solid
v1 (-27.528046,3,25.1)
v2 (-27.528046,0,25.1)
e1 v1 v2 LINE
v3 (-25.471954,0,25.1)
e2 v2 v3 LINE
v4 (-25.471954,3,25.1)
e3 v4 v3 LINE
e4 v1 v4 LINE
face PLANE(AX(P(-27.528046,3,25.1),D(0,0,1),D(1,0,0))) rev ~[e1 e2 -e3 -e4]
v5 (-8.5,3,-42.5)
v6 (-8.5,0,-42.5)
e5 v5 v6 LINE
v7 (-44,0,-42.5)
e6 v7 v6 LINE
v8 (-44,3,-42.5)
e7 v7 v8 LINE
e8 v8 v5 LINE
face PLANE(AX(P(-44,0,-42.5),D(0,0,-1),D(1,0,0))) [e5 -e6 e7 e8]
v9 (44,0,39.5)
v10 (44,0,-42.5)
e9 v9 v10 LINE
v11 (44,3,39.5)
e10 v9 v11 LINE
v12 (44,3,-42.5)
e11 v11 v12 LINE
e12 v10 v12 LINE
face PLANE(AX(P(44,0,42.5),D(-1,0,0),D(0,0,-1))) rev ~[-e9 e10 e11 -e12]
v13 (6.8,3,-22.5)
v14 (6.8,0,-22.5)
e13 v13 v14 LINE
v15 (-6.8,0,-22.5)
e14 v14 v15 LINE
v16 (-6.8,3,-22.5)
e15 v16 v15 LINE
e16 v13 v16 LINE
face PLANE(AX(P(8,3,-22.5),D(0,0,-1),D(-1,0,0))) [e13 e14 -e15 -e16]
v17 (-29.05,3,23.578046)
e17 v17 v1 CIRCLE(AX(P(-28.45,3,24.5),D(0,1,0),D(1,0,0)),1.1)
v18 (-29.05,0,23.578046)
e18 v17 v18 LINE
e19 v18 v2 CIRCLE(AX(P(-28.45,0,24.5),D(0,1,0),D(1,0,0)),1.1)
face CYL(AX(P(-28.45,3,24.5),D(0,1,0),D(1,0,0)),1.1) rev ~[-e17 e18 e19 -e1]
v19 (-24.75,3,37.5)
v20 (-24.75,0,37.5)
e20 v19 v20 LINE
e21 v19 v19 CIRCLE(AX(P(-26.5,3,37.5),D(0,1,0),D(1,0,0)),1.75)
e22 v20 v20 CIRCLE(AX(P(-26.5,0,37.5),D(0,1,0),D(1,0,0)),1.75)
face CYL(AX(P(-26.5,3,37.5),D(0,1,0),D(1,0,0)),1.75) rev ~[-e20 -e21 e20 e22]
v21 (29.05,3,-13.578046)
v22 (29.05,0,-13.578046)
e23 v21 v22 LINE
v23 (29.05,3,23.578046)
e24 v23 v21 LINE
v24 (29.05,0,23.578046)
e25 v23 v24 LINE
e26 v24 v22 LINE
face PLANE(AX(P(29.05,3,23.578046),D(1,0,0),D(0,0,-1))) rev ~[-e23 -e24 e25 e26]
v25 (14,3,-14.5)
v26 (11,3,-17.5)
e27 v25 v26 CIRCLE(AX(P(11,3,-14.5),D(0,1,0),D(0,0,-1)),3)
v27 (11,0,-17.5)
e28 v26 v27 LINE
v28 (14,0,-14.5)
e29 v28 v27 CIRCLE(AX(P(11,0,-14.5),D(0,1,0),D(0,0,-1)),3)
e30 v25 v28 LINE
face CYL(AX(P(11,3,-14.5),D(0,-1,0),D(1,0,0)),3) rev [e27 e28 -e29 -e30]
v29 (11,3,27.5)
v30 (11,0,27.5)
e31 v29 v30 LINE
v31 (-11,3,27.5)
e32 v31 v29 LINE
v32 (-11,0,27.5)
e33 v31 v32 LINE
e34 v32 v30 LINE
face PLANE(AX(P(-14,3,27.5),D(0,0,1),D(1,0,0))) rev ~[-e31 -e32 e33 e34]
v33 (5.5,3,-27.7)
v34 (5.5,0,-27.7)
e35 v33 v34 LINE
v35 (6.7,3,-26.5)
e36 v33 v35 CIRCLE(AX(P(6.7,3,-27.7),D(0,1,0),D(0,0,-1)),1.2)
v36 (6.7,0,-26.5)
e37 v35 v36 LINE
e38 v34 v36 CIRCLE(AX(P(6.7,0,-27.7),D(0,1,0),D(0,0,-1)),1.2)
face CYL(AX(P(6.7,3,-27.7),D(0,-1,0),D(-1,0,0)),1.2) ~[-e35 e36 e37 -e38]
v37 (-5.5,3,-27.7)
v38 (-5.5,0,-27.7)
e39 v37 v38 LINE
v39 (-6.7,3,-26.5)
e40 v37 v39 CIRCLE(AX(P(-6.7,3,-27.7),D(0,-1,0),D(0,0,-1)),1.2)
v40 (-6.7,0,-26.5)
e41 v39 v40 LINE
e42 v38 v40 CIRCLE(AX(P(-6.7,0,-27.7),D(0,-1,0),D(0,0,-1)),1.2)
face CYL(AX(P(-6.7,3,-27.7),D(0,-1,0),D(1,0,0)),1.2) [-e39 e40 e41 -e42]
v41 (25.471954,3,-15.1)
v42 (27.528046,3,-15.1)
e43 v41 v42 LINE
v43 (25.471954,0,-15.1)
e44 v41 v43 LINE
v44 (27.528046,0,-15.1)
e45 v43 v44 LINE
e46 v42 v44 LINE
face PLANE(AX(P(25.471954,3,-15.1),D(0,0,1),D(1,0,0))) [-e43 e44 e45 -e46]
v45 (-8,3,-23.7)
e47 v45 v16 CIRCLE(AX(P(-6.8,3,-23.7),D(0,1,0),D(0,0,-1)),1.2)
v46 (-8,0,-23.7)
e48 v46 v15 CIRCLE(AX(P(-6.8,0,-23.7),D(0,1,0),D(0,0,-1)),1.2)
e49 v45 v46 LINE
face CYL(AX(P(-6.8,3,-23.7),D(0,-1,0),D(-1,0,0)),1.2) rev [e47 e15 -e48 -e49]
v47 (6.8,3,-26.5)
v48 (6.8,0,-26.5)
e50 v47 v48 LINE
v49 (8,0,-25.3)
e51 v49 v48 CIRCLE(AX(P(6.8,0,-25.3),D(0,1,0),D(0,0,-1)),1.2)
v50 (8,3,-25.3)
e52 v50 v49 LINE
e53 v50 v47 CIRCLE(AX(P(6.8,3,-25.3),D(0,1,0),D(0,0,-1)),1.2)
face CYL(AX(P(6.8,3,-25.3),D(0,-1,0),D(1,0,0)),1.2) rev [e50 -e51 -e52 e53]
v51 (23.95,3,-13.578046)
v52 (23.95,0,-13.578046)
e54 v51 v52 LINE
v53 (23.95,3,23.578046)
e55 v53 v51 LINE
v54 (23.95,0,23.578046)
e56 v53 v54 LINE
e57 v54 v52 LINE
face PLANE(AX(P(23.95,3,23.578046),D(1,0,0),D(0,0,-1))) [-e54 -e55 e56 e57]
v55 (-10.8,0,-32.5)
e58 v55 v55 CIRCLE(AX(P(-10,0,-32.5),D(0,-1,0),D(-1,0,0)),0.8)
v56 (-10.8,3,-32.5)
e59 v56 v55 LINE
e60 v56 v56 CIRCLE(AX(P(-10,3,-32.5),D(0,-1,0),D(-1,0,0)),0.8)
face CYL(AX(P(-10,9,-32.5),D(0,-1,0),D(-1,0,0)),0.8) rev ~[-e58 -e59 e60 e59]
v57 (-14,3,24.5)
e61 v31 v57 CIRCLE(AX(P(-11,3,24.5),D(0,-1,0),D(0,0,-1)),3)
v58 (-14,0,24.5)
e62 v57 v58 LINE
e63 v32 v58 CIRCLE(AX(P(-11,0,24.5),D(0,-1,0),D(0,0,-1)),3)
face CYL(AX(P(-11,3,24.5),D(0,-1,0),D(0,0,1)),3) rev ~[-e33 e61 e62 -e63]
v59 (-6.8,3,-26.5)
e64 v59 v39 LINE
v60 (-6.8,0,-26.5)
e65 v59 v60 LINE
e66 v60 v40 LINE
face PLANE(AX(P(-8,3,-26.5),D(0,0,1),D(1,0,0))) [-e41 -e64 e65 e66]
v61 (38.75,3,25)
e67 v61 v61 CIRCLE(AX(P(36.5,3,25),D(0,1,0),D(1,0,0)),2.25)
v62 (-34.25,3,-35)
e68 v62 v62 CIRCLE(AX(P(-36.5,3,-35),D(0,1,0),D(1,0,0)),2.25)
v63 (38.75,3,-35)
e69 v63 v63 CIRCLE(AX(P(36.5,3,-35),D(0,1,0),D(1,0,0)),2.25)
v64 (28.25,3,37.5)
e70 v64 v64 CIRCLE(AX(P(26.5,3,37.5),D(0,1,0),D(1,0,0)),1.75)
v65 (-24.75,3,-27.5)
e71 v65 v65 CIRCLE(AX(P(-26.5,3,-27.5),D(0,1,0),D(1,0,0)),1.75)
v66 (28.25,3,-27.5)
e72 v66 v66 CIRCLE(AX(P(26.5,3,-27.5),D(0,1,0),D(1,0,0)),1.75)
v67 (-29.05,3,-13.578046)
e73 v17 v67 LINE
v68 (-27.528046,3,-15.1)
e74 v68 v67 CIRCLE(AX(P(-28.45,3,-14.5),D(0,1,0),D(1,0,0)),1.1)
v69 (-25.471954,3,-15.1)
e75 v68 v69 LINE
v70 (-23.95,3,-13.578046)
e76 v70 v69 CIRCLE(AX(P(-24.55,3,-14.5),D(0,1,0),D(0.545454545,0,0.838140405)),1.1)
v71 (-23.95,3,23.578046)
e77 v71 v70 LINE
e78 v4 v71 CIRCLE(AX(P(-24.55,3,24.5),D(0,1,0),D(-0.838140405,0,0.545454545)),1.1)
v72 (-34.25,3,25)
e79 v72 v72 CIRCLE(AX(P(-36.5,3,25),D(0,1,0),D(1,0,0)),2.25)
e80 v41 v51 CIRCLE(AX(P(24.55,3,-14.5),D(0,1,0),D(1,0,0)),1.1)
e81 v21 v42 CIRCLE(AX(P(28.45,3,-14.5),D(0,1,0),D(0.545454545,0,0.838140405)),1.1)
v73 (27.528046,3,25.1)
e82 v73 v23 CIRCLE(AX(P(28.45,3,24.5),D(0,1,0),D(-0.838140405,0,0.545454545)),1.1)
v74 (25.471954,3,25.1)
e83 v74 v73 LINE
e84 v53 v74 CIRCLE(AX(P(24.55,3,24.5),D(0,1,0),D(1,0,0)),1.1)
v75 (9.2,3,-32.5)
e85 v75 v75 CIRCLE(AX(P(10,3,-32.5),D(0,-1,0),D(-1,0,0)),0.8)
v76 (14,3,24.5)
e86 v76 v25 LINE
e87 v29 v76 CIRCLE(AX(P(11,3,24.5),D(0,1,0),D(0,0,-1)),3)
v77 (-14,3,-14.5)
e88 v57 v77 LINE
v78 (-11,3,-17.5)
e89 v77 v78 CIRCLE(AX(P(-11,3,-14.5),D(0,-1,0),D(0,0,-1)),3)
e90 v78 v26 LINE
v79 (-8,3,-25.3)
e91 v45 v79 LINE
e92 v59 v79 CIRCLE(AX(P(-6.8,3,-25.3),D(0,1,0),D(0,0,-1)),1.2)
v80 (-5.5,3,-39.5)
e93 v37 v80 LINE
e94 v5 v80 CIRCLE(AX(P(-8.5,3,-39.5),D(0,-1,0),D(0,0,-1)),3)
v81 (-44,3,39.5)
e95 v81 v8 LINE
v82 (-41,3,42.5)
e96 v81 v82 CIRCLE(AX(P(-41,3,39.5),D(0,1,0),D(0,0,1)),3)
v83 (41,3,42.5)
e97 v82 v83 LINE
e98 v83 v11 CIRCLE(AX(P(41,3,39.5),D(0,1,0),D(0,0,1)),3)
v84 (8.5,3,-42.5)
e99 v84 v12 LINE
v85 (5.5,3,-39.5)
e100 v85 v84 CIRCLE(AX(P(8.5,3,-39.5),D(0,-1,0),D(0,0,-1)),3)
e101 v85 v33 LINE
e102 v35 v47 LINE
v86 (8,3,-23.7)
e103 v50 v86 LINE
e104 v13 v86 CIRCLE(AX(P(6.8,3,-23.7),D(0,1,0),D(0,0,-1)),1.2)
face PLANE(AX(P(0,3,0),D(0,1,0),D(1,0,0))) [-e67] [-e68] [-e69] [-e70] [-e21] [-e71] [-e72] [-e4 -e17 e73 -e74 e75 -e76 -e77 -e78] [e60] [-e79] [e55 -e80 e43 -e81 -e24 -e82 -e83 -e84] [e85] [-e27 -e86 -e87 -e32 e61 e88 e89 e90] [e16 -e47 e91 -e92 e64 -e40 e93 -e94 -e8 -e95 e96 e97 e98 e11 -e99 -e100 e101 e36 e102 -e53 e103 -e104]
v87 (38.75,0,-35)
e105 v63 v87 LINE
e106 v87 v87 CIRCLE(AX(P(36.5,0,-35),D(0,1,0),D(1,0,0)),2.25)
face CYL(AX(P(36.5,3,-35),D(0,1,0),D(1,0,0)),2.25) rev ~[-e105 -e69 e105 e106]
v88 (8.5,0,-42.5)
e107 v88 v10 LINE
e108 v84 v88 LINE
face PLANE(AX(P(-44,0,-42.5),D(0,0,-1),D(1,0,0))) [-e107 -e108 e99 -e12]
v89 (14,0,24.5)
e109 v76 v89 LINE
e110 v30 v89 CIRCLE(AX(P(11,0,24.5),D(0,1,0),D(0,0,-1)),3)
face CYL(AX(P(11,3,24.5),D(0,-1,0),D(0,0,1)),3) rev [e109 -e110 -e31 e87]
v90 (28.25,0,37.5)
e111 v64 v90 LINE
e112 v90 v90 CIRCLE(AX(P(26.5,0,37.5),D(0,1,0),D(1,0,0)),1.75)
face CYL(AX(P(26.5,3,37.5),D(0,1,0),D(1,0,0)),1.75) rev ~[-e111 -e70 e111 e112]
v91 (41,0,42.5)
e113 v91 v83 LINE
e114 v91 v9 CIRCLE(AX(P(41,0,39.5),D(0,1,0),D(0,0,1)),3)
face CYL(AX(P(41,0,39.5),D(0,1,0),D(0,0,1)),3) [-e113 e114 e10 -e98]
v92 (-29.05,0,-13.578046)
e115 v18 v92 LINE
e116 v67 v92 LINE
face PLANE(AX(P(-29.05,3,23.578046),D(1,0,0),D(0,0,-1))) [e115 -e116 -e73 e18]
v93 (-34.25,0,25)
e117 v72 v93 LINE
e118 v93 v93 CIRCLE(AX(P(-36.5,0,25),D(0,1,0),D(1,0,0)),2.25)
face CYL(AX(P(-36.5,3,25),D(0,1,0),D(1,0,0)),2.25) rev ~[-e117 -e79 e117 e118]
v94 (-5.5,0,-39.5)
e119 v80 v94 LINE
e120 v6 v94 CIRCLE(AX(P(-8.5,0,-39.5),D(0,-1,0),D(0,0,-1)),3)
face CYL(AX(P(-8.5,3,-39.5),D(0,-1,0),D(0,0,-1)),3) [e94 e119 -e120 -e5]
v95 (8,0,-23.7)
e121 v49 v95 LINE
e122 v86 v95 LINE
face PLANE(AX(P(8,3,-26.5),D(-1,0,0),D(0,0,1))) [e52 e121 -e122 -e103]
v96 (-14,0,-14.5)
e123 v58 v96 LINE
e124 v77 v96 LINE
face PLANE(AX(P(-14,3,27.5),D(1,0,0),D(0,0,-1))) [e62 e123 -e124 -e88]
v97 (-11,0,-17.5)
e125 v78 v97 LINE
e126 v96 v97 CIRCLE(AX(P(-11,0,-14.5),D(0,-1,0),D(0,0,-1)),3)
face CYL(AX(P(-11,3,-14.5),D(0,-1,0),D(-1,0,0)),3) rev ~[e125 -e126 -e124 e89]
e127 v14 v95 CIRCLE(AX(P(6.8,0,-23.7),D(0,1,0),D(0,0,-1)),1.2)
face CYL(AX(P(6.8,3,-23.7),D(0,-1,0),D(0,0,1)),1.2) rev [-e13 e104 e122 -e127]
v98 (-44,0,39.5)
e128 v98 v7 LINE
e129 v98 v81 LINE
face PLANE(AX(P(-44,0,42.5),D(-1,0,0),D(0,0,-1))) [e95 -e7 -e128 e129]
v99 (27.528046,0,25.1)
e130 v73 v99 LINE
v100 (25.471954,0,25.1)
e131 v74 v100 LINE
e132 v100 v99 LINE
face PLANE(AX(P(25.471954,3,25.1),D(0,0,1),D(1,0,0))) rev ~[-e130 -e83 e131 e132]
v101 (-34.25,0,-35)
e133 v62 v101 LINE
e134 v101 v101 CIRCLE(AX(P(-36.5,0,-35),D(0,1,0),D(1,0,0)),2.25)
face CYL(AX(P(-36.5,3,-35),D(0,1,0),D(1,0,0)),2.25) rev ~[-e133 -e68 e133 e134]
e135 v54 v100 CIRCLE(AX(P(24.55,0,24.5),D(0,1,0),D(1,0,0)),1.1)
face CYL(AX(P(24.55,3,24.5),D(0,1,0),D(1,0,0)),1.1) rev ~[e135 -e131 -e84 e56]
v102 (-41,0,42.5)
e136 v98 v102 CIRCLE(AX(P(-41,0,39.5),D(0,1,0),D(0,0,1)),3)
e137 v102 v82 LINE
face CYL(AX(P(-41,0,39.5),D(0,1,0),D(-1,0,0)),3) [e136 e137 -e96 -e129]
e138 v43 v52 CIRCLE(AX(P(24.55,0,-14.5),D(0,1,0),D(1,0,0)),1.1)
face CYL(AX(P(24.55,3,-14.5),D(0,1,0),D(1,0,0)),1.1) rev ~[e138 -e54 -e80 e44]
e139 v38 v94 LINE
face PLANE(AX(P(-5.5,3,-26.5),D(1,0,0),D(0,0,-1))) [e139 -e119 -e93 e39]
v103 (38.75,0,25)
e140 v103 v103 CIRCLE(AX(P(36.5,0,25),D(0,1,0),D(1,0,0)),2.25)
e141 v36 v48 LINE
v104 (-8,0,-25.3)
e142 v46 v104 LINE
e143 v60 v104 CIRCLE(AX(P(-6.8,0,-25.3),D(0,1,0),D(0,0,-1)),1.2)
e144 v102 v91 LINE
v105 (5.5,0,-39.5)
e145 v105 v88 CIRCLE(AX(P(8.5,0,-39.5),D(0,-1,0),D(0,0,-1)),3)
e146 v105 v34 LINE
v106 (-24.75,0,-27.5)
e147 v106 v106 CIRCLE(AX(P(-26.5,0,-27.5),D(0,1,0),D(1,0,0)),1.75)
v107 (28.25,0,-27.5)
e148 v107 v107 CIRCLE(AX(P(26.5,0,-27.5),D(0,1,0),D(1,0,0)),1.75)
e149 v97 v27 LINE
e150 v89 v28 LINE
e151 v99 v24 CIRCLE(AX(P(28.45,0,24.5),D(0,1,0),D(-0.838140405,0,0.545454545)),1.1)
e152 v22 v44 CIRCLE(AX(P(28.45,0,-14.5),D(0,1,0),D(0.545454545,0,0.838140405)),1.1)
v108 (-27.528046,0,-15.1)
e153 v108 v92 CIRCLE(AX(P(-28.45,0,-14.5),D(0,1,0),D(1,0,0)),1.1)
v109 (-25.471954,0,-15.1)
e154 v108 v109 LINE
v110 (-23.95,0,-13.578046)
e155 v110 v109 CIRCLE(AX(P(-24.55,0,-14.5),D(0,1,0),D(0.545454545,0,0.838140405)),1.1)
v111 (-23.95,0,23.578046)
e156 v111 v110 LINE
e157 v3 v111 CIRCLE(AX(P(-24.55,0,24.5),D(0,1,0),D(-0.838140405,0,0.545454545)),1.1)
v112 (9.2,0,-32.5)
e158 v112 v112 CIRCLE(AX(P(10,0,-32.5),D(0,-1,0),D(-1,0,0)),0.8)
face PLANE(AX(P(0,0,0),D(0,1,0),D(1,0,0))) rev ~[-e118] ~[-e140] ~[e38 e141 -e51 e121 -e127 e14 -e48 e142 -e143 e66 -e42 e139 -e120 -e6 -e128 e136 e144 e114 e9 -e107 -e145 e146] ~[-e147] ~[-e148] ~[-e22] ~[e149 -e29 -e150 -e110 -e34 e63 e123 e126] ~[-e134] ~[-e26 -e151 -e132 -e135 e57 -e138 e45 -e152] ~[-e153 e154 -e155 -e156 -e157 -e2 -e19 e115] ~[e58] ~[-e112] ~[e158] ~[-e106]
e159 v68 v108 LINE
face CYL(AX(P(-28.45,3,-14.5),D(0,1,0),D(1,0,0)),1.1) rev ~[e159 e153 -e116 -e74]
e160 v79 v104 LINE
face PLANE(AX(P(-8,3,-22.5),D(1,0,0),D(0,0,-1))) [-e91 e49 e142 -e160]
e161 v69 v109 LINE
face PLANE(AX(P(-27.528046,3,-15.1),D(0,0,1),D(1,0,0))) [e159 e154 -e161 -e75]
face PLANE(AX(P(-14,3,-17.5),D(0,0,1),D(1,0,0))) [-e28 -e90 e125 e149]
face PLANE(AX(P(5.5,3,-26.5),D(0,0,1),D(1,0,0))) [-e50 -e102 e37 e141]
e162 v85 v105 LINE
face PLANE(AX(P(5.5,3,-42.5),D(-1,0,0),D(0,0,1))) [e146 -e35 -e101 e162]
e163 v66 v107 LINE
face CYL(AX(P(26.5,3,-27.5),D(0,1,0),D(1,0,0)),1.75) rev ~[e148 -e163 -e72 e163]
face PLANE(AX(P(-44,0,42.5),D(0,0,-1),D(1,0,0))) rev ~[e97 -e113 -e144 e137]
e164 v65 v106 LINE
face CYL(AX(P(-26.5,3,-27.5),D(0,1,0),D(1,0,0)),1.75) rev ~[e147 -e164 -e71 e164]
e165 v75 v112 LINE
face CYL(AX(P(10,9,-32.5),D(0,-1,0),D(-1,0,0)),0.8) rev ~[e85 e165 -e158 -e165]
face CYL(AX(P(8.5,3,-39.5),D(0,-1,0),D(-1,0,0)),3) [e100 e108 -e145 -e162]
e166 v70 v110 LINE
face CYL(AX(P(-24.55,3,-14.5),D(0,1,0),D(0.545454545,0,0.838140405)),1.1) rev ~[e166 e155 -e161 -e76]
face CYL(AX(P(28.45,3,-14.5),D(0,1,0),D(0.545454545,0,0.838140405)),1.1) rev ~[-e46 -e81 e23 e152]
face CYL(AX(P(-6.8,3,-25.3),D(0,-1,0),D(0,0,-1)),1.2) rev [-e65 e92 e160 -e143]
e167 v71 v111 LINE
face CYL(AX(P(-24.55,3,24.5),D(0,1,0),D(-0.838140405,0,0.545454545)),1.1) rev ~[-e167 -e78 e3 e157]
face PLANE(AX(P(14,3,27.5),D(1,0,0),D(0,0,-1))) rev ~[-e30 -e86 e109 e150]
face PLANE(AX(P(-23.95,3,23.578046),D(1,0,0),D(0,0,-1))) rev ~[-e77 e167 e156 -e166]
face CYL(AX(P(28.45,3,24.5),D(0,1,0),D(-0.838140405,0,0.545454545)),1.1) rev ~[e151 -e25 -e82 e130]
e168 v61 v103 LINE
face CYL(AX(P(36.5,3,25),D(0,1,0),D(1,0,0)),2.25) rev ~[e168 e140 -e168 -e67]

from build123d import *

# Parameters (mm, degrees)
SKETCH_1_W          = 88
SKETCH_1_H          = 85
EXTRUDE_1_DEPTH     = 3
SKETCH_2_R          = 1.75
SKETCH_2_R_2        = 1.1
SKETCH_2_W          = 5.1
SKETCH_2_H          = 40.2
SKETCH_2_R_3        = 2.25
SKETCH_2_W_2        = 28
SKETCH_2_H_2        = 45
CUT_EXTRUDE_1_DEPTH = 3
M2X0_4_1_D          = 1.6
M2X0_4_1_DEPTH      = 6
M2X0_4_1_TIP        = 0.480688495
CUT_EXTRUDE_2_DEPTH = 4
FILLET_7_R          = 3
FILLET_6_R          = 1.2


with BuildPart() as part:
    # ｽｹｯﾁ1 → ﾎﾞｽ - 押し出し1 (new body)
    with BuildSketch(Plane(origin=(0, 0, 0), x_dir=(1, 0, 0), z_dir=(0, 1, 0))):
        Rectangle(SKETCH_1_W, SKETCH_1_H)
    extrude(amount=EXTRUDE_1_DEPTH)

    # ｽｹｯﾁ2 → ｶｯﾄ - 押し出し1 (cut)
    with BuildSketch(Plane(origin=(0, 3, 0), x_dir=(1, 0, 0), z_dir=(0, 1, 0))):
        with Locations((-26.5, 27.5)):
            Circle(SKETCH_2_R)
        with Locations((26.5, 27.5)):
            Circle(SKETCH_2_R)
        with Locations((-28.45, -24.5)):
            Circle(SKETCH_2_R_2)
        with Locations((-24.55, -24.5)):
            Circle(SKETCH_2_R_2)
        with Locations((-26.5, -5)):
            Rectangle(SKETCH_2_W, SKETCH_2_H)
        with Locations((-28.45, 14.5)):
            Circle(SKETCH_2_R_2)
        with Locations((-24.55, 14.5)):
            Circle(SKETCH_2_R_2)
        with Locations((26.5, -5)):
            Rectangle(SKETCH_2_W, SKETCH_2_H)
        with Locations((24.55, 14.5)):
            Circle(SKETCH_2_R_2)
        with Locations((28.45, 14.5)):
            Circle(SKETCH_2_R_2)
        with Locations((24.55, -24.5)):
            Circle(SKETCH_2_R_2)
        with Locations((28.45, -24.5)):
            Circle(SKETCH_2_R_2)
        with Locations((-26.5, -37.5)):
            Circle(SKETCH_2_R)
        with Locations((26.5, -37.5)):
            Circle(SKETCH_2_R)
        with Locations((-36.5, -25)):
            Circle(SKETCH_2_R_3)
        with Locations((-36.5, 35)):
            Circle(SKETCH_2_R_3)
        with Locations((36.5, 35)):
            Circle(SKETCH_2_R_3)
        with Locations((36.5, -25)):
            Circle(SKETCH_2_R_3)
        with Locations((0, -5)):
            Rectangle(SKETCH_2_W_2, SKETCH_2_H_2)
    extrude(amount=-CUT_EXTRUDE_1_DEPTH, mode=Mode.SUBTRACT)

    # M2x0.4 ねじ穴1
    with Locations(Plane(origin=(0, 3, 0), x_dir=(1, 0, 0), z_dir=(0, 1, 0))):
        with Locations((-10, 32.5), (10, 32.5)):
            Hole(M2X0_4_1_D / 2, depth=M2X0_4_1_DEPTH)
            with Locations((0, 0, -(M2X0_4_1_DEPTH + M2X0_4_1_TIP / 2))):  # 118° drill point
                Cone(0, M2X0_4_1_D / 2, M2X0_4_1_TIP, mode=Mode.SUBTRACT)

    # ｽｹｯﾁ5 → ｶｯﾄ - 押し出し2 (cut, through all)
    with BuildSketch(Plane(origin=(0, 3, 0), x_dir=(1, 0, 0), z_dir=(0, 1, 0))):
        Polygon((-5.5, 42.5), (5.5, 42.5), (5.5, 26.5), (8, 26.5), (8, 22.5), (-8, 22.5), (-8, 26.5), (-5.5, 26.5), align=None)
    extrude(amount=-CUT_EXTRUDE_2_DEPTH, mode=Mode.SUBTRACT)

    # ﾌｨﾚｯﾄ7
    fillet_7_edges = [part.edges().sort_by_distance(p)[0] for p in [
        (-5.5, 1.5, -42.5),
        (5.5, 1.5, -42.5),
        (-14, 1.5, -17.5),
        (14, 1.5, -17.5),
        (14, 1.5, 27.5),
        (-14, 1.5, 27.5),
        (44, 1.5, 42.5),
        (-44, 1.5, 42.5),
    ]]
    fillet(fillet_7_edges, radius=FILLET_7_R)

    # ﾌｨﾚｯﾄ6
    fillet_6_edges = [part.edges().sort_by_distance(p)[0] for p in [
        (5.5, 1.5, -26.5),
        (8, 1.5, -26.5),
        (8, 1.5, -22.5),
        (-8, 1.5, -22.5),
        (-8, 1.5, -26.5),
        (-5.5, 1.5, -26.5),
    ]]
    fillet(fillet_6_edges, radius=FILLET_6_R)


solid = part.part
